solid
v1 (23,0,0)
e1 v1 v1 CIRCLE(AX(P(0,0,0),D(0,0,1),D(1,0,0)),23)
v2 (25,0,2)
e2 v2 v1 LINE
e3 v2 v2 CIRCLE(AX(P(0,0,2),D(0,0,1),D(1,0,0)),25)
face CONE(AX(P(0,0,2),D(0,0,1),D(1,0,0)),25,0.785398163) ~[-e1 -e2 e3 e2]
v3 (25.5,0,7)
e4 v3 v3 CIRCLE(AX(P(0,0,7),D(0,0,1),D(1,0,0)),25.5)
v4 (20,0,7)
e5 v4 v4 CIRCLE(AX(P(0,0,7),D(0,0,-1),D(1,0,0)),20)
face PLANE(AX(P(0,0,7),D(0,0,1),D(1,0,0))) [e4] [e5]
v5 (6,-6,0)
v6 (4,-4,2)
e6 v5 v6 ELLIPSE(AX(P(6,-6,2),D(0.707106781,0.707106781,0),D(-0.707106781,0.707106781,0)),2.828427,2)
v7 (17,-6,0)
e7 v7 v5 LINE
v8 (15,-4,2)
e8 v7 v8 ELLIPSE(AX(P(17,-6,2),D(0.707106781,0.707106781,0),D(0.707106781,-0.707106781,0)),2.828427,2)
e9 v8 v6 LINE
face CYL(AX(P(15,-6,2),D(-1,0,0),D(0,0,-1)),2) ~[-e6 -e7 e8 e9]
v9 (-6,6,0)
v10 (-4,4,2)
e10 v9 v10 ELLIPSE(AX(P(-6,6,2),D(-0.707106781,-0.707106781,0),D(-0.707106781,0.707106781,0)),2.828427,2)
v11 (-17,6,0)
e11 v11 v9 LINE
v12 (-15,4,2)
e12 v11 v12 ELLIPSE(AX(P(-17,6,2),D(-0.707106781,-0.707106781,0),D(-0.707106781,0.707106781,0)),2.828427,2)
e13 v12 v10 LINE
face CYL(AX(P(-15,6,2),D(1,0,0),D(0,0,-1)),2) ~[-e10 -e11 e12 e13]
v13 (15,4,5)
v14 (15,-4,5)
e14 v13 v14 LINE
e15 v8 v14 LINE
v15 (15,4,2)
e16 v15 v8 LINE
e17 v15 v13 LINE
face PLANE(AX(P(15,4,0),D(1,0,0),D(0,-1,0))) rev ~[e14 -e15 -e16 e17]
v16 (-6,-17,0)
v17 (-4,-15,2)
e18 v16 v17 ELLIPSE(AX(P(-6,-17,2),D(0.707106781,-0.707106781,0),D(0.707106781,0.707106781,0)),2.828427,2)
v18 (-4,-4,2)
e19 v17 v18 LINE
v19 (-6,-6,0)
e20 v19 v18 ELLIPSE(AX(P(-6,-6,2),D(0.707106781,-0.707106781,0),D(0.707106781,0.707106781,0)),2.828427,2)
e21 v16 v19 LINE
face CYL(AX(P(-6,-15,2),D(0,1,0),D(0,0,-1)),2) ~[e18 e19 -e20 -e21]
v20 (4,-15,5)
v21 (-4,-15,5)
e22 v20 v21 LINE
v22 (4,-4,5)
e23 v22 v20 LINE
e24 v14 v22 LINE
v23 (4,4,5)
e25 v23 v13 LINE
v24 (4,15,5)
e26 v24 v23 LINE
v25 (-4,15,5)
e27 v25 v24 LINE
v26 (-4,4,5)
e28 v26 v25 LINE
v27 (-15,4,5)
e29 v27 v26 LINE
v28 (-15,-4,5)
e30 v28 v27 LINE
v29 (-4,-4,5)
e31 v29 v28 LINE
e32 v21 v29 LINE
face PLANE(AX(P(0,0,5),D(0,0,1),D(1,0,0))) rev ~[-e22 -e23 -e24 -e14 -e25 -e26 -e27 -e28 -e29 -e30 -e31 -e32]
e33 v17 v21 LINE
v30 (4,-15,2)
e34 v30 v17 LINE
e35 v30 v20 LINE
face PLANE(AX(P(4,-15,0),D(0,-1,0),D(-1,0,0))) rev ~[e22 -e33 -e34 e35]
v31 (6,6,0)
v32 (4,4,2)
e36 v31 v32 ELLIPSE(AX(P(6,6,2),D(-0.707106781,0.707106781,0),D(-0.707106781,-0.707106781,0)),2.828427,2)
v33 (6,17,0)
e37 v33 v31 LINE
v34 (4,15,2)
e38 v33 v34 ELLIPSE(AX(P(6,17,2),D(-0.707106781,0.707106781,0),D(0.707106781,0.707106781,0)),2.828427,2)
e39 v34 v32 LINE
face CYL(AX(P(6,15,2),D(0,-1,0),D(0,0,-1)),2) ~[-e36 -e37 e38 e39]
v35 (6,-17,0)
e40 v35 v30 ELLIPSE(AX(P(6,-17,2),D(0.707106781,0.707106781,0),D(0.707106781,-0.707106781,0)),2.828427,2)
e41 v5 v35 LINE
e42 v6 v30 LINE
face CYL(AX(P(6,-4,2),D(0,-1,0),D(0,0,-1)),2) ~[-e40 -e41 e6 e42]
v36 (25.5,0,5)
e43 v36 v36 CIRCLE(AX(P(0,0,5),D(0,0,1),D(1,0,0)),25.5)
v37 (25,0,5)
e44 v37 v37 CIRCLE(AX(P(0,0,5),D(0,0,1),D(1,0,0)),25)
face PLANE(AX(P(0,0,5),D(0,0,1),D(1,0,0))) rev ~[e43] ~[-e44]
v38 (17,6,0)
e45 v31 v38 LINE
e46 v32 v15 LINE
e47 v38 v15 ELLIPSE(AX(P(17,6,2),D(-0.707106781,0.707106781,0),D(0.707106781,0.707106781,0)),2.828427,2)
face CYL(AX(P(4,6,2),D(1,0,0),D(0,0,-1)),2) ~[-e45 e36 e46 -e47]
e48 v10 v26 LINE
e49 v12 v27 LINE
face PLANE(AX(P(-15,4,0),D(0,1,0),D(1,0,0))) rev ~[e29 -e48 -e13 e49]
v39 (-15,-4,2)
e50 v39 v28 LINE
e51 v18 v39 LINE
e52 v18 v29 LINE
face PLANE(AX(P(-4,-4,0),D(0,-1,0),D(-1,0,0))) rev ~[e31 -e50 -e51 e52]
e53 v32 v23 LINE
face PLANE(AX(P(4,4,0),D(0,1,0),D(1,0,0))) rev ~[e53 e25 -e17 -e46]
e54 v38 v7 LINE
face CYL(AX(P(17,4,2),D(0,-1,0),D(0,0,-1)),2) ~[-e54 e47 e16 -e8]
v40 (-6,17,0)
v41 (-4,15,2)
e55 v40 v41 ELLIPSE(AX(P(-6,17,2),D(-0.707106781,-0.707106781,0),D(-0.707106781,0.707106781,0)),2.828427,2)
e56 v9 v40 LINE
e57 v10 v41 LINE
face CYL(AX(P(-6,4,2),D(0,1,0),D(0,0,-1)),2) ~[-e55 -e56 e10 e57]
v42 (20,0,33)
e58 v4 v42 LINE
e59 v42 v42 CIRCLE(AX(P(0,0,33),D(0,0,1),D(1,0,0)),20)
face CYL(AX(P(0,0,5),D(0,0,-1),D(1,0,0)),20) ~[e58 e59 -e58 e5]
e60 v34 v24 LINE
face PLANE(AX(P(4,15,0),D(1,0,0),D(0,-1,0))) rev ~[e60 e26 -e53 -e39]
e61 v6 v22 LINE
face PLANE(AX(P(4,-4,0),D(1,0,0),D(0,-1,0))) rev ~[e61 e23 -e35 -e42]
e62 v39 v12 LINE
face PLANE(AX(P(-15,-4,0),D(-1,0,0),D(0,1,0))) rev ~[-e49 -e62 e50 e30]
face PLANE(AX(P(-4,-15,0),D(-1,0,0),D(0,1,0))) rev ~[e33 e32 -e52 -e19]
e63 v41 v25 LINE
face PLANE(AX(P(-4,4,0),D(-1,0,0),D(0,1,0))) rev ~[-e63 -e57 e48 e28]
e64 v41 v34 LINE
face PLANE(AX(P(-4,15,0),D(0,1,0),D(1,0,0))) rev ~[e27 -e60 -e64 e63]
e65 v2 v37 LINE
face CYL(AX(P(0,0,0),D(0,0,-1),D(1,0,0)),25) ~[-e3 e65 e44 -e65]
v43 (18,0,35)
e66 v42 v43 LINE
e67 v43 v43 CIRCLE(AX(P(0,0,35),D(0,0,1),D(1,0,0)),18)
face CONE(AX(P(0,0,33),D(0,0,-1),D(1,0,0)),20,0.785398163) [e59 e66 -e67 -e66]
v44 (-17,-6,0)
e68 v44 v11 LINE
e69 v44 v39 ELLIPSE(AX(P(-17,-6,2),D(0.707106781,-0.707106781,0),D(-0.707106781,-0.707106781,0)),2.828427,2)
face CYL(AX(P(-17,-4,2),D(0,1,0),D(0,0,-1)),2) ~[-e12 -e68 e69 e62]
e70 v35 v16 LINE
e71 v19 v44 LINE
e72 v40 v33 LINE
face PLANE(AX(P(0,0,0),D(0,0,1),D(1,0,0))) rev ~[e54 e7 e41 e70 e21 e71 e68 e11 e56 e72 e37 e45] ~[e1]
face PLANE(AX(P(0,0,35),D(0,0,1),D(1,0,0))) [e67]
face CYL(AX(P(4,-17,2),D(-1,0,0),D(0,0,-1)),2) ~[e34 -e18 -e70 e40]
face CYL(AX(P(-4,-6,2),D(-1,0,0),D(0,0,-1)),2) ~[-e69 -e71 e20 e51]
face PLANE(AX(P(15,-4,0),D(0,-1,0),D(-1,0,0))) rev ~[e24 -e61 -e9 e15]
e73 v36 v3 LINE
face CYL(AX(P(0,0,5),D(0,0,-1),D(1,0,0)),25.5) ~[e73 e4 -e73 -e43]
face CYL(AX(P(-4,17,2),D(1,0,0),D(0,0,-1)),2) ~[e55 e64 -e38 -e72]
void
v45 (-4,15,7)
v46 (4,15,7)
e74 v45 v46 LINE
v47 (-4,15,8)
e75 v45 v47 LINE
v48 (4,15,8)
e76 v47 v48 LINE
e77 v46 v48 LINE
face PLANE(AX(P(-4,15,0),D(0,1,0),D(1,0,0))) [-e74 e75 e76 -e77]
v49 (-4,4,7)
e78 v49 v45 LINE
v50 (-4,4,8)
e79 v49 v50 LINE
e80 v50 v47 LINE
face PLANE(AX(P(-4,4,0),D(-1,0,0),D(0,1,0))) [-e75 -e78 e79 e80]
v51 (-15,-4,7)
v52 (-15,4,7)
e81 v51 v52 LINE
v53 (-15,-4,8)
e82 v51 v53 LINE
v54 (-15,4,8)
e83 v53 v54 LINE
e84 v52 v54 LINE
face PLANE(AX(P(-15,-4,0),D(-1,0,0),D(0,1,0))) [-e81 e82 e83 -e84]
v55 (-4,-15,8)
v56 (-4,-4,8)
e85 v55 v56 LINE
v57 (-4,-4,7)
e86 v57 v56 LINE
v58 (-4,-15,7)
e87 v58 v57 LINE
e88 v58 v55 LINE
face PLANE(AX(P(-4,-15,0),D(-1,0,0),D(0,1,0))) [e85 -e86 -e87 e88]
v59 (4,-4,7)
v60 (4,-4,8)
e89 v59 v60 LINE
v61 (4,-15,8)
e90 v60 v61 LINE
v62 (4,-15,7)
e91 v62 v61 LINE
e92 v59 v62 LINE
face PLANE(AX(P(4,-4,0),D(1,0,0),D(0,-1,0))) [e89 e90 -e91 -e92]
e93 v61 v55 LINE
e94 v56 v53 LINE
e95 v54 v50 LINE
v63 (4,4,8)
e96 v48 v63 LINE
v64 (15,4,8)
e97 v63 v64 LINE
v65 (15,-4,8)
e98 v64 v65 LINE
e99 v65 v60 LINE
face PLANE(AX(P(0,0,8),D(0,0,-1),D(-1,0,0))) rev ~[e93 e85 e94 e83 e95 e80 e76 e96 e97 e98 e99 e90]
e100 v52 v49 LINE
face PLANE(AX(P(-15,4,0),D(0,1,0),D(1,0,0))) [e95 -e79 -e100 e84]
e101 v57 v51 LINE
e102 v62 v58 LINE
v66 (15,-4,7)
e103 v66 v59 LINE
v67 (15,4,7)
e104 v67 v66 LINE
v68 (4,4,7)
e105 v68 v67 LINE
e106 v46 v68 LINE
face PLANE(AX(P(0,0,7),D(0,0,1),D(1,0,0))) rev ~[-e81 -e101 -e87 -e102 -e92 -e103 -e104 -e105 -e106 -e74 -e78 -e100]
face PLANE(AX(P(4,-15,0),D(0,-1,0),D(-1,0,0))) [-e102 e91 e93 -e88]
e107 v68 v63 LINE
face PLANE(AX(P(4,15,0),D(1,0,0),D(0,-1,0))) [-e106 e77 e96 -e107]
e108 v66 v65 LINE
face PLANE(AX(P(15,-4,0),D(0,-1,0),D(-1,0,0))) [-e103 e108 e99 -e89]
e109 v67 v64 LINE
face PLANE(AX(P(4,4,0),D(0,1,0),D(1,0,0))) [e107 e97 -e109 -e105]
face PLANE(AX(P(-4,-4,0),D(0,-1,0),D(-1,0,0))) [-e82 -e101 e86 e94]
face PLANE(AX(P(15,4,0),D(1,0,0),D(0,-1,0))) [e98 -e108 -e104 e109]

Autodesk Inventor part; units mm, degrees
ref_plane "YZ Plane" through (0, 0, 0) normal (1, 0, 0) x (0, 1, 0)
ref_plane "XZ Plane" through (0, 0, 0) normal (0, 1, 0) x (-1, 0, 0)
ref_plane "XY Plane" through (0, 0, 0) normal (0, 0, 1) x (1, 0, 0)
sketch "Skizze1" plane through (0, 0, 0) normal (0, 0, 1) x (1, 0, 0)
  circle A0 centre (0, 0) radius 25
  dimension "d0" = 50
extrude "Extrusion1" add sketch "Skizze1" along normal blind 5
sketch "Skizze2" plane through (0, 0, 5) normal (0, 0, 1) x (1, 0, 0)
  circle A0 centre (0, 0) radius 20
  dimension "d3" = 40
extrude "Extrusion2" add sketch "Skizze2" along normal blind 30
thread "Gewinde1" size "M40x3" class "6g" standard "ISO Metric profile" full length
chamfer "Fase1" distance 2 angle 45 2 edges at (-20, 0, 35) (-25, 0, 0)
sketch "Skizze3" plane through (0, 0, 0) normal (0, 0, -1) x (-1, 0, 0)
  line L0 (-15, -4) -> (15, -4)
  line L1 (15, -4) -> (15, 4)
  line L2 (15, 4) -> (-15, 4)
  line L3 (-15, 4) -> (-15, -4)
  line L4 (-15, -4) -> (15, 4) construction
  line L5 (15, -4) -> (-15, 4) construction
  line L6 (-4, -15) -> (4, -15)
  line L7 (4, -15) -> (4, 15)
  line L8 (4, 15) -> (-4, 15)
  line L9 (-4, 15) -> (-4, -15)
  line L10 (-4, -15) -> (4, 15) construction
  line L11 (4, -15) -> (-4, 15) construction
  point P0 (0, 0)
  dimension "d11" = 30
  dimension "d12" = 30
  dimension "d13" = 8
  dimension "d14" = 8
extrude "Extrusion3" cut sketch "Skizze3" against normal blind 8
fillet "Rundung1" radius 2 12 edges at (-4, 9.5, 0) (0, 15, 0) (4, 9.5, 0) (9.5, 4, 0) (15, 0, 0) (9.5, -4, 0) (4, -9.5, 0) (-4, -9.5, 0) (0, -15, 0) (-9.5, -4, 0) (-15, 0, 0) (-9.5, 4, 0)
sketch "Skizze4" plane through (0, 0, 5) normal (0, 0, 1) x (1, 0, 0)
  circle A0 centre (0, 0) radius 25.5
  dimension "d18" = 51
extrude "Extrusion4" add sketch "Skizze4" along normal blind 2
properties part number "Flutschraube"
